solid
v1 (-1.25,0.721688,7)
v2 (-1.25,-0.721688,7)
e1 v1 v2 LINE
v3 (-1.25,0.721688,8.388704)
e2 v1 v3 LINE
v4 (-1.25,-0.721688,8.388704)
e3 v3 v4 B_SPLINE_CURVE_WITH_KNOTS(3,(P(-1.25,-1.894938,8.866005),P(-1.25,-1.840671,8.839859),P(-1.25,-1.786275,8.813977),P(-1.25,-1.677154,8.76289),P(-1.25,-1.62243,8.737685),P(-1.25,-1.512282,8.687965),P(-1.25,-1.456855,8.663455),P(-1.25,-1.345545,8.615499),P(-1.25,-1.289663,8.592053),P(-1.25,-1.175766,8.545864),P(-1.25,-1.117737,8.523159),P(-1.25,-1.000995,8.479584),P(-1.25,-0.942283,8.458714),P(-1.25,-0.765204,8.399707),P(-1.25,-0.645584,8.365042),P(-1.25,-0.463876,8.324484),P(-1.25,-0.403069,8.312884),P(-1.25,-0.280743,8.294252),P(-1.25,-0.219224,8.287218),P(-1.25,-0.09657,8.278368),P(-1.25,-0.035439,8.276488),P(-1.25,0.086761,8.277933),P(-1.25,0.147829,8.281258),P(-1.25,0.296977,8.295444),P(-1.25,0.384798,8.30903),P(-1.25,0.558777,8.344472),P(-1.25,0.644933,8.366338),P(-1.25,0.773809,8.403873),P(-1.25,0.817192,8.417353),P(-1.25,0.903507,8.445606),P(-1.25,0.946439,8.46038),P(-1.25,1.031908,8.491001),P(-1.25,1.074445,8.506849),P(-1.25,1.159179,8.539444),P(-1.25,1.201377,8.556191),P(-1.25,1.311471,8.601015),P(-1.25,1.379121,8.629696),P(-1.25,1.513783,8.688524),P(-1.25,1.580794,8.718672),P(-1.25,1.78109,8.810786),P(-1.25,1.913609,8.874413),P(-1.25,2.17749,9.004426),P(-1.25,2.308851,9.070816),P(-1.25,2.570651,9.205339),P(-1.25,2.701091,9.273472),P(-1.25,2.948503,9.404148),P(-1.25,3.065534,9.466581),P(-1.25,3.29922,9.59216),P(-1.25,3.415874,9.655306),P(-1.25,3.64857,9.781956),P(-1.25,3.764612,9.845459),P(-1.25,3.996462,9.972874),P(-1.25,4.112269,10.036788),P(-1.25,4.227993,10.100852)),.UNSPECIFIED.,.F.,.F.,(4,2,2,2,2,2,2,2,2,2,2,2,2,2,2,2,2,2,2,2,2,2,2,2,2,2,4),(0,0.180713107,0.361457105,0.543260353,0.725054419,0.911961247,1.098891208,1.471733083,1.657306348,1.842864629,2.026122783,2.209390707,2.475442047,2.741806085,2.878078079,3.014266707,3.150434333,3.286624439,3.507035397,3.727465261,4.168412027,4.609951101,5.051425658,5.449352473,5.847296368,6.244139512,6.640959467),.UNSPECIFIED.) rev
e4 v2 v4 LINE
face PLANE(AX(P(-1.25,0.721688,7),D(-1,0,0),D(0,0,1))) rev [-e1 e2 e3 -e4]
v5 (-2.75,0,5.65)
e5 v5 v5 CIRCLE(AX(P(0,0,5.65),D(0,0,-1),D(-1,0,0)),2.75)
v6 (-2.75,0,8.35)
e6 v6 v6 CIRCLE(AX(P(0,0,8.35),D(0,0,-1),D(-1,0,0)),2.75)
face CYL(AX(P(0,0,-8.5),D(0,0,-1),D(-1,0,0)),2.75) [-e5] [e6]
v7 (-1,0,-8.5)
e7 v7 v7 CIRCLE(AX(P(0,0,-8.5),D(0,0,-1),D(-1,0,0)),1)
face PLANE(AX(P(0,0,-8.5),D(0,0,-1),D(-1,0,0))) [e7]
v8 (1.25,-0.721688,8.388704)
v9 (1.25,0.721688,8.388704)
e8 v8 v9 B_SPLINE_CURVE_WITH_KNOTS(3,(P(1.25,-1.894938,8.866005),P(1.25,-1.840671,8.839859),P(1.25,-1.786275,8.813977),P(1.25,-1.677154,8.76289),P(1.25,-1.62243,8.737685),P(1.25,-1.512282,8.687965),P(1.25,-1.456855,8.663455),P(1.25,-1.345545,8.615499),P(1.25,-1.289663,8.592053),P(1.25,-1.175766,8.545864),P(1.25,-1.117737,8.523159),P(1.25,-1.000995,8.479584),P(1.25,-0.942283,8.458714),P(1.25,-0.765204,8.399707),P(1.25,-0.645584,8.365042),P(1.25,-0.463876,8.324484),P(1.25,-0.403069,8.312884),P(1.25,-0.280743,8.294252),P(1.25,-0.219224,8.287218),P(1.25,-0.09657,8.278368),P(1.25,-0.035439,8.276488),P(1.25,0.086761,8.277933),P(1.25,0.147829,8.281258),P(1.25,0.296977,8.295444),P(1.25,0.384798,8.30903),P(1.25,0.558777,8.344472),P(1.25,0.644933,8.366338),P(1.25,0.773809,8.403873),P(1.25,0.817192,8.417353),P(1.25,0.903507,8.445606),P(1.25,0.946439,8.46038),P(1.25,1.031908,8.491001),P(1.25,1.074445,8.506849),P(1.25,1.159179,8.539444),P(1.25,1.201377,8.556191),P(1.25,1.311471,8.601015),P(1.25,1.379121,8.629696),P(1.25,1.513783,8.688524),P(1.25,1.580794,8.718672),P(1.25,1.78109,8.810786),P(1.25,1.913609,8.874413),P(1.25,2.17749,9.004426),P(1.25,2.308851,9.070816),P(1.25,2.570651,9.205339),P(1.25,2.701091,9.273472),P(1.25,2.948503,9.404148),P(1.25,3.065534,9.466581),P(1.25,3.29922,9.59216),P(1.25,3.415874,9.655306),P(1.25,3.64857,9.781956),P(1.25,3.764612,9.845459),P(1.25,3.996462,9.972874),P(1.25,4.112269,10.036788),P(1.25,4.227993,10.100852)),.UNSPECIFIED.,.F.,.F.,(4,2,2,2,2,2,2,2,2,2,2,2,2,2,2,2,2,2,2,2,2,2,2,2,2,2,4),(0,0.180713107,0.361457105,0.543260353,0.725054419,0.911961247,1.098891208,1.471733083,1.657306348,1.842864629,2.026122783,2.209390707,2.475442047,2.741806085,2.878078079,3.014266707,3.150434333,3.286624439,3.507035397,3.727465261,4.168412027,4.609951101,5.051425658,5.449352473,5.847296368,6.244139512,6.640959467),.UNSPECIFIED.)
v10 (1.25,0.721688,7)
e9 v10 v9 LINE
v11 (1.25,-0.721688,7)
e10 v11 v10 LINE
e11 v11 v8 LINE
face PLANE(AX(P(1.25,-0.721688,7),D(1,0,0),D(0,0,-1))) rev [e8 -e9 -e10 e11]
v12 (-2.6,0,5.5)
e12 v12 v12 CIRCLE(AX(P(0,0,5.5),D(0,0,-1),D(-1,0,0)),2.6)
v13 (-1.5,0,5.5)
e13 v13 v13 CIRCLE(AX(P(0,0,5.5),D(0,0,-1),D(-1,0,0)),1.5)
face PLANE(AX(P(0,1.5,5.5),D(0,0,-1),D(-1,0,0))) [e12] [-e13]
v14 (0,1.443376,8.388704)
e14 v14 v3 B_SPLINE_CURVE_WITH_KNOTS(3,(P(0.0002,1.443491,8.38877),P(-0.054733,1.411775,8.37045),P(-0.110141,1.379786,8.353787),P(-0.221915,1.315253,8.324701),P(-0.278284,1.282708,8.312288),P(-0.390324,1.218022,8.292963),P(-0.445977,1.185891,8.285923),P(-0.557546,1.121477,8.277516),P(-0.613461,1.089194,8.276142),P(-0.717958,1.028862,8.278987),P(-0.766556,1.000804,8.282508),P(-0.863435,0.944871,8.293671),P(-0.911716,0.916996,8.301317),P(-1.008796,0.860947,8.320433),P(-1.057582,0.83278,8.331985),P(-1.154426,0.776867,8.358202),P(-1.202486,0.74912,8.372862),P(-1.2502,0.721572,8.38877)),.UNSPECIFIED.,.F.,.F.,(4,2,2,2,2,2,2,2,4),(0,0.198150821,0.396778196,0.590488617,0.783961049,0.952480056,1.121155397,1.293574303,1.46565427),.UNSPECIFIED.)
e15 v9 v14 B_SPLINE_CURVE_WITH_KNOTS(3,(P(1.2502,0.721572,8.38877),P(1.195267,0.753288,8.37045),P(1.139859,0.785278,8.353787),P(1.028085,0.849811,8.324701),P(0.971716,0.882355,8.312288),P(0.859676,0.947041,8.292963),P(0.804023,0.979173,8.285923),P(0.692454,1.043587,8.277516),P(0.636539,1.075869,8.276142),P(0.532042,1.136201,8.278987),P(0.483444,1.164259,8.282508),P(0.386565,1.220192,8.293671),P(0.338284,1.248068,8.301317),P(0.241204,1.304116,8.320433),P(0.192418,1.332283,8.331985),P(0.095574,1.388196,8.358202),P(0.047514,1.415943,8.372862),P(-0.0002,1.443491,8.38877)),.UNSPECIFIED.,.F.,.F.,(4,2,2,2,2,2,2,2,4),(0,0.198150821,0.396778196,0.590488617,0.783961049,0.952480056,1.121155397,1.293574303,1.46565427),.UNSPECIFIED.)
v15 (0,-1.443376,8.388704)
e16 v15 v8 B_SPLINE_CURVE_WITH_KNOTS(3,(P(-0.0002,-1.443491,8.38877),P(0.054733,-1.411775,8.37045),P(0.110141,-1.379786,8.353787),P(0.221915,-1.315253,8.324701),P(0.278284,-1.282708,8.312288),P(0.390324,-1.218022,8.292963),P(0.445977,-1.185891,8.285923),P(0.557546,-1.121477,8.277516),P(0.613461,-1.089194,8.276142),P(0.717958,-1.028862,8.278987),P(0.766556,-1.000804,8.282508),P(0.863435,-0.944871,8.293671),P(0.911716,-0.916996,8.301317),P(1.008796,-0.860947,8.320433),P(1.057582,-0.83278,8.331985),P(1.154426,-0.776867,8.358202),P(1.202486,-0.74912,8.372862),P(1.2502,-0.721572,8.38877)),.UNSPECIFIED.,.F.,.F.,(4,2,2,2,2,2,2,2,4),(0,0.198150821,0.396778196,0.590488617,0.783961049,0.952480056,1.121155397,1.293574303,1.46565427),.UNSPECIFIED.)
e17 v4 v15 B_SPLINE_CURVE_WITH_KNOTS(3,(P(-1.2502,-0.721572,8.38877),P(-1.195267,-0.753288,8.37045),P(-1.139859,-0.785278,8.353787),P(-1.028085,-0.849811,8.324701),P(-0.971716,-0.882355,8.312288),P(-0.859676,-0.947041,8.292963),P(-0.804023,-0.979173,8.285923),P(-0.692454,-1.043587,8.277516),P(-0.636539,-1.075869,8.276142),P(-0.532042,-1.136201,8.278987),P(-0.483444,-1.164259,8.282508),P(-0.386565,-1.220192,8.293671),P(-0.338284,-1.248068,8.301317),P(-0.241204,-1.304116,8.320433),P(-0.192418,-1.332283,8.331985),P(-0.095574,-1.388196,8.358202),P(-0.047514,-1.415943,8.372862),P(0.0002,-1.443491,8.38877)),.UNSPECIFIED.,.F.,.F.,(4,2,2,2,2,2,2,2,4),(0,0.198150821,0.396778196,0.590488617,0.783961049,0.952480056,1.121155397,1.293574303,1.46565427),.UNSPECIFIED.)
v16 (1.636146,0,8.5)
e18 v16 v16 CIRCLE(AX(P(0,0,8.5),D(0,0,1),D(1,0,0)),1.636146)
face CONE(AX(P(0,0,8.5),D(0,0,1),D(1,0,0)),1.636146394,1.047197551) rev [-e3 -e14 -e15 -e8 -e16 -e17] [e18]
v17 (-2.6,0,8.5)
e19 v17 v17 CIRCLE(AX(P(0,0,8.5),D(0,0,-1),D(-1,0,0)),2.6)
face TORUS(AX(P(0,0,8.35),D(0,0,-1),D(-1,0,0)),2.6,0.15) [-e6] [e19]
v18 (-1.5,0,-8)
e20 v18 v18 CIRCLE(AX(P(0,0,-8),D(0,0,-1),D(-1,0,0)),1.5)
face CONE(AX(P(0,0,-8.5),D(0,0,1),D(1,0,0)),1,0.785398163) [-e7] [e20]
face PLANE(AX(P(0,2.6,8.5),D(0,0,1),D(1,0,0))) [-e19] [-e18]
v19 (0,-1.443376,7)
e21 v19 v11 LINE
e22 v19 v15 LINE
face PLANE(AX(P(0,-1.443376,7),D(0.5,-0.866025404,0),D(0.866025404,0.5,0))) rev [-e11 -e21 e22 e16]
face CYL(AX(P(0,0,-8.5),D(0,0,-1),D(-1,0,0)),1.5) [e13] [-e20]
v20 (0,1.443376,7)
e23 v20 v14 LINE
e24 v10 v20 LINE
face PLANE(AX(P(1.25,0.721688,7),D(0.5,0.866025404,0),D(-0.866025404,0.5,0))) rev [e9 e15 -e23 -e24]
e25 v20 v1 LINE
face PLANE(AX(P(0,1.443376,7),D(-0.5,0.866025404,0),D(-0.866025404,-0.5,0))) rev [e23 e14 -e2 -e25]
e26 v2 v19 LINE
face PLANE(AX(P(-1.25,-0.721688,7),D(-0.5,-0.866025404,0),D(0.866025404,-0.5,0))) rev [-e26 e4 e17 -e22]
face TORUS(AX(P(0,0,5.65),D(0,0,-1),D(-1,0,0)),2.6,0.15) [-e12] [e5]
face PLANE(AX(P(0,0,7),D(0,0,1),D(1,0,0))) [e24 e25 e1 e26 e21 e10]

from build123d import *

# Parameters (mm, degrees)
CUT_EXTRUDE1_START = 8.5
CUT_EXTRUDE1_DEPTH = 1.5


with BuildPart() as part:
    # Sketch2 → Revolve1 (revolve)
    with BuildSketch(Plane(origin=(0, 0, 0), x_dir=(0, 0, -1), z_dir=(1, 0, 0)), mode=Mode.PRIVATE) as revolve1_sk:
        with BuildLine():
            Line((8.5, 0), (8.5, 1))
            Line((8.5, 1), (8, 1.5))
            Line((8, 1.5), (-5.5, 1.5))
            Line((-5.5, 1.5), (-5.5, 2.6))
            ThreePointArc((-5.5, 2.6), (-5.543933983, 2.706066017), (-5.65, 2.75))
            Line((-5.65, 2.75), (-8.35, 2.75))
            ThreePointArc((-8.35, 2.75), (-8.456066017, 2.706066017), (-8.5, 2.6))
            Line((-8.5, 2.6), (-8.5, 0))
            Line((-8.5, 0), (8.5, 0))
        make_face()
    revolve(revolve1_sk.sketch.rotate(Axis((0, 0, -8.5), (0, 0, 1)), 90), axis=Axis((0, 0, -8.5), (0, 0, 1)))

    # Sketch3 → Cut-Extrude1 (cut)
    with BuildSketch(Plane.XY.offset(CUT_EXTRUDE1_START)):
        Polygon((-1.25, 0.721687836), (-1.25, -0.721687836), (0, -1.443375673), (1.25, -0.721687836), (1.25, 0.721687836), (0, 1.443375673), align=None)
    extrude(amount=-CUT_EXTRUDE1_DEPTH, mode=Mode.SUBTRACT)

    # Cut-Extrude2 cone 1 section (through the dimple's axis) → Cut-Extrude2 (revolve, cut)
    with BuildSketch(Plane(origin=(0, 0, 8.5), x_dir=(0, -1, 0), z_dir=(1, 0, 0))):
        Polygon((0, 0), (1.636146394, 0), (0, 0.944629561), align=None)
    revolve(axis=Axis((0, 0, 8.5), (0, 0, -1)), mode=Mode.SUBTRACT)


solid = part.part
